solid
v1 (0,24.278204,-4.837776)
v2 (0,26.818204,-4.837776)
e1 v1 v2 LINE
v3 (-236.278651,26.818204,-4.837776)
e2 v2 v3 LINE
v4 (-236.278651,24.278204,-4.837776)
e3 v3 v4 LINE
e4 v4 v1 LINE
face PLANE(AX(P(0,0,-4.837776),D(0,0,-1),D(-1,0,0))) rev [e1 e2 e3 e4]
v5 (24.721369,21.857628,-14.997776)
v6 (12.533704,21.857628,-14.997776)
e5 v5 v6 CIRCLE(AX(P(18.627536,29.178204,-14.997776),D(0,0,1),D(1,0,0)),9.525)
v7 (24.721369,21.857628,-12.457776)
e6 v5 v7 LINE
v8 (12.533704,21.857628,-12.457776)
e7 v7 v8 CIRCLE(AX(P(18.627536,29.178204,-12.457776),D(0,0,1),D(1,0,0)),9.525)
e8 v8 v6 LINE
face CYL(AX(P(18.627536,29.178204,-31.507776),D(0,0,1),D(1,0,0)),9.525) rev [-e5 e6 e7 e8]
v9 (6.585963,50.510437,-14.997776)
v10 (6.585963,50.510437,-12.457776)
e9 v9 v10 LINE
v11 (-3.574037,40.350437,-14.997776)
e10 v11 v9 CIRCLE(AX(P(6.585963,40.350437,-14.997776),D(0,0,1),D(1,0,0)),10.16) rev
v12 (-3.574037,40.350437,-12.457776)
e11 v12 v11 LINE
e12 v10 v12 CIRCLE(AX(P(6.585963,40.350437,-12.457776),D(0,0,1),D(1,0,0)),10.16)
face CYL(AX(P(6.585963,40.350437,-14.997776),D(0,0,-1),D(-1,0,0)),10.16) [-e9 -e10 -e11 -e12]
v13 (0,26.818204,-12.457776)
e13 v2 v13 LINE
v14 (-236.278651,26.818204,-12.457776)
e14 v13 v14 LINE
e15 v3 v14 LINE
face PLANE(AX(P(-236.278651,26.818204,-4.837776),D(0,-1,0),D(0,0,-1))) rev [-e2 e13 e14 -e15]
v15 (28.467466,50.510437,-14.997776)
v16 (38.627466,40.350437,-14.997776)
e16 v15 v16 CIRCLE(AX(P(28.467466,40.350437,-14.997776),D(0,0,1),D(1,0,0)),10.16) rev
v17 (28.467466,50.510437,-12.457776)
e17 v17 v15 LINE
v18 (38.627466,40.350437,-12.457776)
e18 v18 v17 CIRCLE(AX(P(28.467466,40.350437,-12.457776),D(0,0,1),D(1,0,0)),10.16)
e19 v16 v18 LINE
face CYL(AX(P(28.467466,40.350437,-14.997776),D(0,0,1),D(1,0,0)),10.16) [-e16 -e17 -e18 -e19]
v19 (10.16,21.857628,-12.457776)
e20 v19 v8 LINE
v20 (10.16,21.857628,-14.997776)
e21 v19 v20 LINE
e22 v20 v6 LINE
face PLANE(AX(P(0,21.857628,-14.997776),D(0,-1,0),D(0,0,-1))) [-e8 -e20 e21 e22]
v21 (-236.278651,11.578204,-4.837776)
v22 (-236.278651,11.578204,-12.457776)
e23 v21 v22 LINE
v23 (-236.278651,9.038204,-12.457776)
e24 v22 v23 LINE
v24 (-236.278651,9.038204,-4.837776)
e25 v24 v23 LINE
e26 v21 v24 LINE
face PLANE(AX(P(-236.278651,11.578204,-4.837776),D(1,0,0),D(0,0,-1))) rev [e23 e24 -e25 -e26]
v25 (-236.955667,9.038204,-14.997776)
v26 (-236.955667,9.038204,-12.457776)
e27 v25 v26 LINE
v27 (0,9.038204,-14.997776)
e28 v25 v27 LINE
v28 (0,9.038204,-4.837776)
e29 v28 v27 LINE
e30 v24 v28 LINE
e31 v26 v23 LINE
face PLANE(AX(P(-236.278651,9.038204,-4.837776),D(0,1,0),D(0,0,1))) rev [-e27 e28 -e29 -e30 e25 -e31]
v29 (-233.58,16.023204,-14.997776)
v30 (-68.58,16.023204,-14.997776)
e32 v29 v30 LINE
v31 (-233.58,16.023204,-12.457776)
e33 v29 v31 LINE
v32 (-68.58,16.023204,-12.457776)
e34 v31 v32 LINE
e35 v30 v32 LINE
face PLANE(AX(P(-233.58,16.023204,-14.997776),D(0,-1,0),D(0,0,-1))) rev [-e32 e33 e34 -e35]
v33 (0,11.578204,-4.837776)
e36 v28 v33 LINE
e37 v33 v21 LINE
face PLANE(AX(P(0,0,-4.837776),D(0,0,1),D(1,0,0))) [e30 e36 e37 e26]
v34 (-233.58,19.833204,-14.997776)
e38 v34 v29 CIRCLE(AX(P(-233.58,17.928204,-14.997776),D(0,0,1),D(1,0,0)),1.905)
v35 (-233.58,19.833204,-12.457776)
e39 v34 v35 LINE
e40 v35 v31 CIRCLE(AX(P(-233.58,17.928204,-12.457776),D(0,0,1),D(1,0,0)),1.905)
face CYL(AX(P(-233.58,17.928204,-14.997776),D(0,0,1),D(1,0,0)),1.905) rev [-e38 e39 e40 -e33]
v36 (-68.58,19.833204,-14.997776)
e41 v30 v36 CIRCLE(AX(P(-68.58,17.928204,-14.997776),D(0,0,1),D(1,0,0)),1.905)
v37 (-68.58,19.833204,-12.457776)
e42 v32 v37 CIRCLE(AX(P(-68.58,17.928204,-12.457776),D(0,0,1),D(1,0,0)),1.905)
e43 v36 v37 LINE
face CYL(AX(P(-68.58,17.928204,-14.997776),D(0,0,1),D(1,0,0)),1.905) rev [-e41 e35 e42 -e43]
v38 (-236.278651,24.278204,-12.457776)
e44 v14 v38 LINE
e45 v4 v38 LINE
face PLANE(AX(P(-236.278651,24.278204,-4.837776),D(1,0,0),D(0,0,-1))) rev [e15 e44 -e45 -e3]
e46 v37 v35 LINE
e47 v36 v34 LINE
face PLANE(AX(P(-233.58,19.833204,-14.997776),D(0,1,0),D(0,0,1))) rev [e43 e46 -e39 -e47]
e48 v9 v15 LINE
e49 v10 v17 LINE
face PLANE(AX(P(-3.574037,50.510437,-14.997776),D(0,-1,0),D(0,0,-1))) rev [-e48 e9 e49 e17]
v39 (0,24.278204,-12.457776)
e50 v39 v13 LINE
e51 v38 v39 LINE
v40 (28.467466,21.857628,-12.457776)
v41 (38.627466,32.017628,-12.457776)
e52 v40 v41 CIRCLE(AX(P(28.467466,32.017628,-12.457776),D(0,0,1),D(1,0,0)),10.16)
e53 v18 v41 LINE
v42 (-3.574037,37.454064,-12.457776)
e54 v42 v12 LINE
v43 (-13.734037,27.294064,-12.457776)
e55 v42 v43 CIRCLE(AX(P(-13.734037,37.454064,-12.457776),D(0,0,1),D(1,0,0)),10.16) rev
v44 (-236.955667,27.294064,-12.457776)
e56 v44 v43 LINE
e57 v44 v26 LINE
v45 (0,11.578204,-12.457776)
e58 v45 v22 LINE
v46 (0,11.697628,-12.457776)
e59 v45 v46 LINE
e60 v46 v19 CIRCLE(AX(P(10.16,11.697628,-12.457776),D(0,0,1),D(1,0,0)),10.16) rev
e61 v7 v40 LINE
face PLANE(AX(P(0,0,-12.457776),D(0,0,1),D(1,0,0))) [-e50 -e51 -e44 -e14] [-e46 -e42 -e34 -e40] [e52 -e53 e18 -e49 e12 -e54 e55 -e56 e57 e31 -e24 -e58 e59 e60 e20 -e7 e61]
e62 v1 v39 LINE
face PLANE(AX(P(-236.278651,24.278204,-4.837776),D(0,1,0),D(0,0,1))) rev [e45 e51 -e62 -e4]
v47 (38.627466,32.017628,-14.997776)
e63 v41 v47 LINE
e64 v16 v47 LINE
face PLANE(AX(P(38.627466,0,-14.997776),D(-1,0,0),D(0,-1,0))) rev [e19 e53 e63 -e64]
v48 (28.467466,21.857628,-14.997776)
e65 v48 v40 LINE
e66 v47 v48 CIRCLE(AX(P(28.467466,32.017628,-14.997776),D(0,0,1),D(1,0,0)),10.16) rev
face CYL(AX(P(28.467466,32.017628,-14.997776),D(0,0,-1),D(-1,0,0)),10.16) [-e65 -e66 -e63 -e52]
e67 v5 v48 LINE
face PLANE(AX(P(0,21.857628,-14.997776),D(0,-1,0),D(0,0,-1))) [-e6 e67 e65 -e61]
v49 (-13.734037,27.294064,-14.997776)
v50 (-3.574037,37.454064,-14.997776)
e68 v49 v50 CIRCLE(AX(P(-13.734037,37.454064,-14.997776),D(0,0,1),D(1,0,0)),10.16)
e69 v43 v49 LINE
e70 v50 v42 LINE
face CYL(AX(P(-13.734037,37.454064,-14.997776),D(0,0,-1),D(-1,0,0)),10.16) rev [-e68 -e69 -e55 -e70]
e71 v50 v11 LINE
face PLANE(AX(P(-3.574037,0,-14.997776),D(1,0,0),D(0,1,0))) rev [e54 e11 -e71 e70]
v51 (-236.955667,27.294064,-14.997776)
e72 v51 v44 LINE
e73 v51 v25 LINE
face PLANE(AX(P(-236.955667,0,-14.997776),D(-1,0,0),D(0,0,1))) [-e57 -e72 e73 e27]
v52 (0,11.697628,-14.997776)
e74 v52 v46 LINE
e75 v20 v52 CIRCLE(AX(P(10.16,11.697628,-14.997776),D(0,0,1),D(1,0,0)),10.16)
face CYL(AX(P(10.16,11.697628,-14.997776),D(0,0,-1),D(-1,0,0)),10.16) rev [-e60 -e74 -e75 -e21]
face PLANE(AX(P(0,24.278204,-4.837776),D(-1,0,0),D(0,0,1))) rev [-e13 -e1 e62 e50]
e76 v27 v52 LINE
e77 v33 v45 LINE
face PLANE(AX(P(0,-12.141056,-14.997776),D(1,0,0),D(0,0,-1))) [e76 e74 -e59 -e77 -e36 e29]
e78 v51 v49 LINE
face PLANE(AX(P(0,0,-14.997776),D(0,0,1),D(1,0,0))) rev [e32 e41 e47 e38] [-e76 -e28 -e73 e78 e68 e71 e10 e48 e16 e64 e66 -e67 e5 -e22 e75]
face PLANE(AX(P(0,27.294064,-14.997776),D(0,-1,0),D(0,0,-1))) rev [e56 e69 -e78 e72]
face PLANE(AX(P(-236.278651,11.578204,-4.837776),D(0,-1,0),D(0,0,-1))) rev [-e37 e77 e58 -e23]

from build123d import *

# Parameters (mm, degrees)
BOSS_EXTRUDE1_DEPTH = 2.54
SKETCH2_R           = 9.525
CUT_EXTRUDE1_DEPTH  = 19.05
SKETCH3_W           = 236.278650797
SKETCH3_H           = 2.54
BOSS_EXTRUDE2_DEPTH = 7.62
CUT_EXTRUDE2_DEPTH  = 3.54
FILLET1_R           = 10.16


with BuildPart() as part:
    # Sketch1 → Boss-Extrude1 (new body)
    with BuildSketch(Plane.XY.offset(-12.457776114)):
        Polygon((-279.4, 85.357628122), (127, 85.357628122), (127, 21.857628122), (0, 21.857628122), (0, -12.141055663), (-279.4, -12.141055663), align=None)
        with BuildLine():
            Line((-233.58, 19.833203878), (-68.58, 19.833203878))
            ThreePointArc((-68.58, 19.833203878), (-66.675, 17.928203878), (-68.58, 16.023203878))
            Line((-68.58, 16.023203878), (-233.58, 16.023203878))
            ThreePointArc((-233.58, 16.023203878), (-235.485, 17.928203878), (-233.58, 19.833203878))
        make_face(mode=Mode.SUBTRACT)
    extrude(amount=-BOSS_EXTRUDE1_DEPTH)

    # Sketch2 → Cut-Extrude1 (cut)
    with BuildSketch(Plane.XY.offset(-12.457776114)):
        with Locations((18.627536258, 29.178203878)):
            Circle(SKETCH2_R)
    extrude(amount=-CUT_EXTRUDE1_DEPTH, mode=Mode.SUBTRACT)

    # Sketch3 → Boss-Extrude2 (add)
    with BuildSketch(Plane.XY.offset(-12.457776114)):
        with Locations((-118.139325399, 25.548203878)):
            Rectangle(SKETCH3_W, SKETCH3_H)
        with Locations((-118.139325399, 10.308203878)):
            Rectangle(SKETCH3_W, SKETCH3_H)
    extrude(amount=BOSS_EXTRUDE2_DEPTH)

    # Sketch4 → Cut-Extrude2 (cut, through all)
    with BuildSketch(Plane.XY.offset(-12.457776114)):
        Polygon((-279.4, -12.141055663), (0, -12.141055663), (0, 9.038203878), (-236.955667324, 9.038203878), (-236.955667324, 27.294063936), (-3.574037437, 27.294063936), (-3.574037437, 50.510436651), (38.627466089, 50.510436651), (38.627466089, 2.859516917), (133.335307594, 2.859516917), (133.335307594, 92.146273099), (38.627466089, 92.146273099), (38.627466089, 93.769303319), (-279.4, 93.769303319), align=None)
    extrude(amount=-CUT_EXTRUDE2_DEPTH, mode=Mode.SUBTRACT)

    # Fillet1
    fillet1_edges = [part.edges().sort_by_distance(p)[0] for p in [
        (0, 21.857628122, -13.727776114),
        (-3.574037437, 27.294063936, -13.727776114),
        (38.627466089, 21.857628122, -13.727776114),
        (-3.574037437, 50.510436651, -13.727776114),
        (38.627466089, 50.510436651, -13.727776114),
    ]]
    fillet(fillet1_edges, radius=FILLET1_R)


solid = part.part
